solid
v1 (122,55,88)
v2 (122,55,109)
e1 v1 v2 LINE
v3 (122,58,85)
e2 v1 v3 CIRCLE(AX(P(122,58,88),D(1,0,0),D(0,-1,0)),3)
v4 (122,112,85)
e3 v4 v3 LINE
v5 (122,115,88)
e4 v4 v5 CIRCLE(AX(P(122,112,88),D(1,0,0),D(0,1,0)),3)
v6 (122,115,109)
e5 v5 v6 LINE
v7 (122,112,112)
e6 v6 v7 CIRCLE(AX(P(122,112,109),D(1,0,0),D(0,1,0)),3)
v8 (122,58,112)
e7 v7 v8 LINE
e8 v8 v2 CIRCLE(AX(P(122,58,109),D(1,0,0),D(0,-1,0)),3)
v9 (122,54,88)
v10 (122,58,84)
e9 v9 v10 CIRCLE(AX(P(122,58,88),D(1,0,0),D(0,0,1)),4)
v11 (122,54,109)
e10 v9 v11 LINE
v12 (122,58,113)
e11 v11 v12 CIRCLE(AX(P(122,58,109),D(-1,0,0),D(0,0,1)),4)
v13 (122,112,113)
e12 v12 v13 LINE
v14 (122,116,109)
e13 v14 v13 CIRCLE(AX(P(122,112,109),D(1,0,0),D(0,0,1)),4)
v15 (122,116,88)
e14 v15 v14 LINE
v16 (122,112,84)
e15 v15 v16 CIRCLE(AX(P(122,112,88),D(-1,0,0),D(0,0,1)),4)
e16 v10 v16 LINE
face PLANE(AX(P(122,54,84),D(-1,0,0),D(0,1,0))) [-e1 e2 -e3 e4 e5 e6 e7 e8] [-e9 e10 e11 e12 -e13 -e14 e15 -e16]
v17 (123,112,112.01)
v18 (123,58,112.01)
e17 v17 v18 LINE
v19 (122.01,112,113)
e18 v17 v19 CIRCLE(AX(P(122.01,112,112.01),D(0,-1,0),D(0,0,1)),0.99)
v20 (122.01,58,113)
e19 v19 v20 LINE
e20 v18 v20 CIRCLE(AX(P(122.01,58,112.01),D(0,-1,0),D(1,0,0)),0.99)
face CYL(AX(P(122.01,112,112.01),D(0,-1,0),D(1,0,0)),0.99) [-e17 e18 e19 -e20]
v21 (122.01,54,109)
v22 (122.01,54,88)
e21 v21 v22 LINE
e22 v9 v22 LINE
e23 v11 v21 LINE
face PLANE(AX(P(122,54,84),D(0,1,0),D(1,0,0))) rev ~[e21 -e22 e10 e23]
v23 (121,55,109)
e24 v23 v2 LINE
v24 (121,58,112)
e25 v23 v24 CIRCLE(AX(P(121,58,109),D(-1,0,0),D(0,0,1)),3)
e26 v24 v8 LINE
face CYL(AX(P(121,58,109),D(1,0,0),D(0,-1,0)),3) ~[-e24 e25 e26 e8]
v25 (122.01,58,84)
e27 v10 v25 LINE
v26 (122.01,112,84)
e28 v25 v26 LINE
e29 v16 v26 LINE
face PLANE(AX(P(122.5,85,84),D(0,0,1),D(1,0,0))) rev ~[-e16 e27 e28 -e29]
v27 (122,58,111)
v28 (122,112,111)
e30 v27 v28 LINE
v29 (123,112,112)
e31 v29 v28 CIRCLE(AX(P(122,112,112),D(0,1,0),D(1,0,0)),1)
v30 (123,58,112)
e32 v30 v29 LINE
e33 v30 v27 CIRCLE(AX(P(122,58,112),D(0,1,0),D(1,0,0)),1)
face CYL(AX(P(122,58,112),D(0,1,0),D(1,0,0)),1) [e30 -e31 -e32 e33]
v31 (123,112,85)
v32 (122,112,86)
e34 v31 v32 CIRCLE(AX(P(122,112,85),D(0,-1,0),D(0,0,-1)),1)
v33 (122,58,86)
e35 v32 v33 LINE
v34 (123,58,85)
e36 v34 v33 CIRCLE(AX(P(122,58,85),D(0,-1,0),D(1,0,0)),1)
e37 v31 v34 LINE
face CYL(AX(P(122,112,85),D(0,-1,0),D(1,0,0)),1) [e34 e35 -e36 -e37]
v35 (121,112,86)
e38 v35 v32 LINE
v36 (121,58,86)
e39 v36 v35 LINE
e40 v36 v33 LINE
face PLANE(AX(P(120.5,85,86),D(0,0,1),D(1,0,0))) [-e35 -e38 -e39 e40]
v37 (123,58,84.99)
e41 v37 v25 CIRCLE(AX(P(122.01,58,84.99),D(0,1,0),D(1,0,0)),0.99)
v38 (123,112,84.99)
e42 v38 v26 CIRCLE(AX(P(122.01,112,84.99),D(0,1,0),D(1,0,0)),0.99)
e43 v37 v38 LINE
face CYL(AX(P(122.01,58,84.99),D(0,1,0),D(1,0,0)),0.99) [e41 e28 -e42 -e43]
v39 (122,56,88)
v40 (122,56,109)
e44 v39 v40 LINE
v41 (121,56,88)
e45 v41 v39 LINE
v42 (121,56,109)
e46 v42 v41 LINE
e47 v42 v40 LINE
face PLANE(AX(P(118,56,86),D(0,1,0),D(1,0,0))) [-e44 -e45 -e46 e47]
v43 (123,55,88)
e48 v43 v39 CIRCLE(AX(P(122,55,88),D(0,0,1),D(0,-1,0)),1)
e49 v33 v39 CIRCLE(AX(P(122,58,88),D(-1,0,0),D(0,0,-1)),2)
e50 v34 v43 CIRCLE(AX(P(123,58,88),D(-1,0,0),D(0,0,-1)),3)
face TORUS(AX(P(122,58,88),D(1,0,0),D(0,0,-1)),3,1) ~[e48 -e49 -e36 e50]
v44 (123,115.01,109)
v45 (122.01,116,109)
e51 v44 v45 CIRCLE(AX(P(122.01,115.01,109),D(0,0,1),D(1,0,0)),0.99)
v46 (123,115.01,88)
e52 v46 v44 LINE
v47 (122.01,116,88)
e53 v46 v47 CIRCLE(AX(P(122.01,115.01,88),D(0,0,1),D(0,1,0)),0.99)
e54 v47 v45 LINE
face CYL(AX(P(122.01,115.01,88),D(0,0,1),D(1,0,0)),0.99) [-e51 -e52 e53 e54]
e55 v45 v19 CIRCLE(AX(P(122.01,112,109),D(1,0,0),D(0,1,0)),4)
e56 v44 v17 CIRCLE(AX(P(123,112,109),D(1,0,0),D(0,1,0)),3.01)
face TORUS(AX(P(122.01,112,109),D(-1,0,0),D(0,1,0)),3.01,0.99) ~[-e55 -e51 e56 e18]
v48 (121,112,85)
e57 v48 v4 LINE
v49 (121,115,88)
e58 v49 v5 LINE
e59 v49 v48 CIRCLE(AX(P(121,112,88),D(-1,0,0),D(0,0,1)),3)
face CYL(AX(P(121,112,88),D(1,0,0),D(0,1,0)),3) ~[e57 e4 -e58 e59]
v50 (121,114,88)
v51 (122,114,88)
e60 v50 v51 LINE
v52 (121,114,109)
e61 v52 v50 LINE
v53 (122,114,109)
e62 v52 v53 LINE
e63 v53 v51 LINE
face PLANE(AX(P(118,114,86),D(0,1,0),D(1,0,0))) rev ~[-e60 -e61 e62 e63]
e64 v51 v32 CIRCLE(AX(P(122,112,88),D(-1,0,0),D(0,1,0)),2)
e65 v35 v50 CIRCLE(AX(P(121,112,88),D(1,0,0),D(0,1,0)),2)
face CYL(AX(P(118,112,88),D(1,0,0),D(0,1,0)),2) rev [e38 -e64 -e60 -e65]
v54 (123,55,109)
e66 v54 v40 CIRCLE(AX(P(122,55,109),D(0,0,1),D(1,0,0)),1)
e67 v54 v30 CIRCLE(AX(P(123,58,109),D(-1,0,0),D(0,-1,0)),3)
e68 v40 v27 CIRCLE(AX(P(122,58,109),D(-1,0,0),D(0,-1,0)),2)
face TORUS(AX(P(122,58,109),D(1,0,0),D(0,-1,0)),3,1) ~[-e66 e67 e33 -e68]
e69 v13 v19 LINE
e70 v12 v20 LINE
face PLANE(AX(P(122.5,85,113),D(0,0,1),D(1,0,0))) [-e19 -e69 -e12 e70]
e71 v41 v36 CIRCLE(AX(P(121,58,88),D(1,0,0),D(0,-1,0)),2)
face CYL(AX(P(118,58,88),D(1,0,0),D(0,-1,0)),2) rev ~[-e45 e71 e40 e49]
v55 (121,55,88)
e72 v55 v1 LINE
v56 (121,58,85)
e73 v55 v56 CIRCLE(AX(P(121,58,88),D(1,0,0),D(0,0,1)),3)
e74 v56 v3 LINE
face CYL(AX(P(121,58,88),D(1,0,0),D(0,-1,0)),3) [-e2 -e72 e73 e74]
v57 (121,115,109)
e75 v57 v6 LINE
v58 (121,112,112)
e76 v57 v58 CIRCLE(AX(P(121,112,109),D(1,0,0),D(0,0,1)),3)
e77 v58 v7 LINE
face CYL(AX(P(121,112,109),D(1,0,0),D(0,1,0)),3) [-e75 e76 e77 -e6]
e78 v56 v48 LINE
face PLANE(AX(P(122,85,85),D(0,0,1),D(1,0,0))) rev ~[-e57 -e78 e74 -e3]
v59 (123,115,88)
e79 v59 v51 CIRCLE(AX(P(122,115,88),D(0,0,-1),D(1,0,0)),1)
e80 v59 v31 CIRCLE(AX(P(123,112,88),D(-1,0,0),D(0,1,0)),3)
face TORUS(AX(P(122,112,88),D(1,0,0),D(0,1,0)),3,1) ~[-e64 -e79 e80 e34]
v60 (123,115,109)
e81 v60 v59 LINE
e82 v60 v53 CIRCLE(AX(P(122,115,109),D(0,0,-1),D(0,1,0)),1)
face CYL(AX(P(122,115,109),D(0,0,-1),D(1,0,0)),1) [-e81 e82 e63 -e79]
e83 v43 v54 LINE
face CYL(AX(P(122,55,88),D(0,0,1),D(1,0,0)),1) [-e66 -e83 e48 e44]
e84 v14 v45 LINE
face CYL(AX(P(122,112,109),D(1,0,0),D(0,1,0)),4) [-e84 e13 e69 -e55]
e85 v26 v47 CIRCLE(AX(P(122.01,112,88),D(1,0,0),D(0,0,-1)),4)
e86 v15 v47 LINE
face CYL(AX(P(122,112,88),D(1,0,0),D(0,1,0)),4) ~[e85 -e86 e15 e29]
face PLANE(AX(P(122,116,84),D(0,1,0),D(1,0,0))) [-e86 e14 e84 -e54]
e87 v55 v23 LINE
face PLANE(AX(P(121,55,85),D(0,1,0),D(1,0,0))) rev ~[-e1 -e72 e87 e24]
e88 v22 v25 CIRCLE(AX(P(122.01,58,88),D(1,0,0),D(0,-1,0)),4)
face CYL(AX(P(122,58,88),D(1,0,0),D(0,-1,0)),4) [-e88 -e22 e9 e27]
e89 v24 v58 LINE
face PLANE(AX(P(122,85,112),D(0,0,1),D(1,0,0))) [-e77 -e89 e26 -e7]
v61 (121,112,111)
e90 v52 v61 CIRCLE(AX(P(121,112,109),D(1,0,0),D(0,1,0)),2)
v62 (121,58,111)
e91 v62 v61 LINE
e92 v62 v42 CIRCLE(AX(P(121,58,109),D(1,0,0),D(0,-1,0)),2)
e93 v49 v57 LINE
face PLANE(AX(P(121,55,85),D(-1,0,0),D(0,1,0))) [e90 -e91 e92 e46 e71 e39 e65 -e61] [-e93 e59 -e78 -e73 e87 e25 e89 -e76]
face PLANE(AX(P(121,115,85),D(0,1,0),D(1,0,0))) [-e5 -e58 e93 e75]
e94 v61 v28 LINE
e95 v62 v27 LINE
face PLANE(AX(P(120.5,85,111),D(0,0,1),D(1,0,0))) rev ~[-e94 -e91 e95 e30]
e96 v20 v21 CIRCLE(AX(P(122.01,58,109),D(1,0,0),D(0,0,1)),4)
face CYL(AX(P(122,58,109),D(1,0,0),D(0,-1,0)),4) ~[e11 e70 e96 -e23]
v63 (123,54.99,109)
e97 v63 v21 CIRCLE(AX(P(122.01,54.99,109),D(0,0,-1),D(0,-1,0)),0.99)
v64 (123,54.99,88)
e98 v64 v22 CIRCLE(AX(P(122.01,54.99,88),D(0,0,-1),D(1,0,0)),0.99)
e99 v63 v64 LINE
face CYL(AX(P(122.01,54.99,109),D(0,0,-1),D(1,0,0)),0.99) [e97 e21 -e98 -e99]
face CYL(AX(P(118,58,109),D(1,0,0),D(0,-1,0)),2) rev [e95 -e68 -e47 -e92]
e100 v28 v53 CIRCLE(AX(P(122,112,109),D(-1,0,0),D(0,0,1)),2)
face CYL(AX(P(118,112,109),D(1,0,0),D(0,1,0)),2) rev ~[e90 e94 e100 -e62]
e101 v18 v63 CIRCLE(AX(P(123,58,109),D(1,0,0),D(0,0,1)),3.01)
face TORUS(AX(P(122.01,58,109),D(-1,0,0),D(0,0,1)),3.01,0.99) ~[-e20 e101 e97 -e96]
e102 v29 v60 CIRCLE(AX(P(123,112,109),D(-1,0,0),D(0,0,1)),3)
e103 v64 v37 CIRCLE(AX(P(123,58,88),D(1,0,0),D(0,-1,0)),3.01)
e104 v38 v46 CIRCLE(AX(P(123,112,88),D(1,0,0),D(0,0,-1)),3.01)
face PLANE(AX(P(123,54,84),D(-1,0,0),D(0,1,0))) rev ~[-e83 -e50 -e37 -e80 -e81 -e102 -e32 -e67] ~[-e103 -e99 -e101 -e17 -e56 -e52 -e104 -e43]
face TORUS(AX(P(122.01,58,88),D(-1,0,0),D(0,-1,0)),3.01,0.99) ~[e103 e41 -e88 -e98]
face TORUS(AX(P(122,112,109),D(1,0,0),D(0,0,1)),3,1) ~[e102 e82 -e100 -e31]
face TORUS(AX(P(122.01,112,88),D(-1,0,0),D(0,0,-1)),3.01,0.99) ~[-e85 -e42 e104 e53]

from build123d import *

# Parameters (mm, degrees)
BOX048_W     = 5
BOX048_H     = 58
BOX048_DEPTH = 25
FILLET053_R  = 2
BOX050_W     = 1
BOX050_H     = 62
BOX050_DEPTH = 29
FILLET055_R  = 4
BOX049_W     = 2
BOX049_H     = 60
BOX049_DEPTH = 27
FILLET054_R  = 3
FILLET056_R  = 1
FILLET057_R  = 0.99


with BuildPart() as fillet053:
    # Box048 → Box048 (new body)
    with BuildSketch(Plane(origin=(118, 56, 86), x_dir=(1, 0, 0), z_dir=(0, 0, 1))):
        with Locations((2.5, 29)):
            Rectangle(BOX048_W, BOX048_H)
    extrude(amount=BOX048_DEPTH)

    # Fillet053
    fillet053_edges = [fillet053.edges().sort_by_distance(p)[0] for p in [
        (120.5, 56, 86),
        (120.5, 56, 111),
        (120.5, 114, 86),
        (120.5, 114, 111),
    ]]
    fillet(fillet053_edges, radius=FILLET053_R)


with BuildPart() as fillet055:
    # Box050 → Box050 (new body)
    with BuildSketch(Plane(origin=(118, 54, 84), x_dir=(1, 0, 0), z_dir=(0, 0, 1))):
        with Locations((0.5, 31)):
            Rectangle(BOX050_W, BOX050_H)
    extrude(amount=BOX050_DEPTH)

    # Fillet055
    fillet055_edges = [fillet055.edges().sort_by_distance(p)[0] for p in [
        (118.5, 54, 84),
        (118.5, 54, 113),
        (118.5, 116, 84),
        (118.5, 116, 113),
    ]]
    fillet(fillet055_edges, radius=FILLET055_R)


with BuildPart() as fillet055_1:
    # Fillet055 placement: moved
    add(fillet055.part.moved(Location((4, 0, 0))))


with BuildPart() as fillet057:
    # Box049 → Box049 (new body)
    with BuildSketch(Plane(origin=(118, 55, 85), x_dir=(1, 0, 0), z_dir=(0, 0, 1))):
        with Locations((1, 30)):
            Rectangle(BOX049_W, BOX049_H)
    extrude(amount=BOX049_DEPTH)

    # Fillet054
    fillet054_edges = [fillet057.edges().sort_by_distance(p)[0] for p in [
        (119, 55, 85),
        (119, 55, 112),
        (119, 115, 85),
        (119, 115, 112),
    ]]
    fillet(fillet054_edges, radius=FILLET054_R)


with BuildPart() as fillet057_1:
    # Fillet054 placement: moved
    add(fillet057.part.moved(Location((3, 0, 0))))

    # Fusion006: union Fillet055
    add(fillet055_1.part)

    # Cut036: cut Fillet053
    add(fillet053.part, mode=Mode.SUBTRACT)

    # Fillet056
    fillet056_edges = [fillet057_1.edges().sort_by_distance(p)[0] for p in [
        (123, 85, 111),
        (123, 85, 86),
    ]]
    fillet(fillet056_edges, radius=FILLET056_R)

    # Fillet057
    fillet057_edges = [fillet057_1.edges().sort_by_distance(p)[0] for p in [
        (123, 85, 84),
        (123, 85, 113),
    ]]
    fillet(fillet057_edges, radius=FILLET057_R)


solid = fillet057_1.part
